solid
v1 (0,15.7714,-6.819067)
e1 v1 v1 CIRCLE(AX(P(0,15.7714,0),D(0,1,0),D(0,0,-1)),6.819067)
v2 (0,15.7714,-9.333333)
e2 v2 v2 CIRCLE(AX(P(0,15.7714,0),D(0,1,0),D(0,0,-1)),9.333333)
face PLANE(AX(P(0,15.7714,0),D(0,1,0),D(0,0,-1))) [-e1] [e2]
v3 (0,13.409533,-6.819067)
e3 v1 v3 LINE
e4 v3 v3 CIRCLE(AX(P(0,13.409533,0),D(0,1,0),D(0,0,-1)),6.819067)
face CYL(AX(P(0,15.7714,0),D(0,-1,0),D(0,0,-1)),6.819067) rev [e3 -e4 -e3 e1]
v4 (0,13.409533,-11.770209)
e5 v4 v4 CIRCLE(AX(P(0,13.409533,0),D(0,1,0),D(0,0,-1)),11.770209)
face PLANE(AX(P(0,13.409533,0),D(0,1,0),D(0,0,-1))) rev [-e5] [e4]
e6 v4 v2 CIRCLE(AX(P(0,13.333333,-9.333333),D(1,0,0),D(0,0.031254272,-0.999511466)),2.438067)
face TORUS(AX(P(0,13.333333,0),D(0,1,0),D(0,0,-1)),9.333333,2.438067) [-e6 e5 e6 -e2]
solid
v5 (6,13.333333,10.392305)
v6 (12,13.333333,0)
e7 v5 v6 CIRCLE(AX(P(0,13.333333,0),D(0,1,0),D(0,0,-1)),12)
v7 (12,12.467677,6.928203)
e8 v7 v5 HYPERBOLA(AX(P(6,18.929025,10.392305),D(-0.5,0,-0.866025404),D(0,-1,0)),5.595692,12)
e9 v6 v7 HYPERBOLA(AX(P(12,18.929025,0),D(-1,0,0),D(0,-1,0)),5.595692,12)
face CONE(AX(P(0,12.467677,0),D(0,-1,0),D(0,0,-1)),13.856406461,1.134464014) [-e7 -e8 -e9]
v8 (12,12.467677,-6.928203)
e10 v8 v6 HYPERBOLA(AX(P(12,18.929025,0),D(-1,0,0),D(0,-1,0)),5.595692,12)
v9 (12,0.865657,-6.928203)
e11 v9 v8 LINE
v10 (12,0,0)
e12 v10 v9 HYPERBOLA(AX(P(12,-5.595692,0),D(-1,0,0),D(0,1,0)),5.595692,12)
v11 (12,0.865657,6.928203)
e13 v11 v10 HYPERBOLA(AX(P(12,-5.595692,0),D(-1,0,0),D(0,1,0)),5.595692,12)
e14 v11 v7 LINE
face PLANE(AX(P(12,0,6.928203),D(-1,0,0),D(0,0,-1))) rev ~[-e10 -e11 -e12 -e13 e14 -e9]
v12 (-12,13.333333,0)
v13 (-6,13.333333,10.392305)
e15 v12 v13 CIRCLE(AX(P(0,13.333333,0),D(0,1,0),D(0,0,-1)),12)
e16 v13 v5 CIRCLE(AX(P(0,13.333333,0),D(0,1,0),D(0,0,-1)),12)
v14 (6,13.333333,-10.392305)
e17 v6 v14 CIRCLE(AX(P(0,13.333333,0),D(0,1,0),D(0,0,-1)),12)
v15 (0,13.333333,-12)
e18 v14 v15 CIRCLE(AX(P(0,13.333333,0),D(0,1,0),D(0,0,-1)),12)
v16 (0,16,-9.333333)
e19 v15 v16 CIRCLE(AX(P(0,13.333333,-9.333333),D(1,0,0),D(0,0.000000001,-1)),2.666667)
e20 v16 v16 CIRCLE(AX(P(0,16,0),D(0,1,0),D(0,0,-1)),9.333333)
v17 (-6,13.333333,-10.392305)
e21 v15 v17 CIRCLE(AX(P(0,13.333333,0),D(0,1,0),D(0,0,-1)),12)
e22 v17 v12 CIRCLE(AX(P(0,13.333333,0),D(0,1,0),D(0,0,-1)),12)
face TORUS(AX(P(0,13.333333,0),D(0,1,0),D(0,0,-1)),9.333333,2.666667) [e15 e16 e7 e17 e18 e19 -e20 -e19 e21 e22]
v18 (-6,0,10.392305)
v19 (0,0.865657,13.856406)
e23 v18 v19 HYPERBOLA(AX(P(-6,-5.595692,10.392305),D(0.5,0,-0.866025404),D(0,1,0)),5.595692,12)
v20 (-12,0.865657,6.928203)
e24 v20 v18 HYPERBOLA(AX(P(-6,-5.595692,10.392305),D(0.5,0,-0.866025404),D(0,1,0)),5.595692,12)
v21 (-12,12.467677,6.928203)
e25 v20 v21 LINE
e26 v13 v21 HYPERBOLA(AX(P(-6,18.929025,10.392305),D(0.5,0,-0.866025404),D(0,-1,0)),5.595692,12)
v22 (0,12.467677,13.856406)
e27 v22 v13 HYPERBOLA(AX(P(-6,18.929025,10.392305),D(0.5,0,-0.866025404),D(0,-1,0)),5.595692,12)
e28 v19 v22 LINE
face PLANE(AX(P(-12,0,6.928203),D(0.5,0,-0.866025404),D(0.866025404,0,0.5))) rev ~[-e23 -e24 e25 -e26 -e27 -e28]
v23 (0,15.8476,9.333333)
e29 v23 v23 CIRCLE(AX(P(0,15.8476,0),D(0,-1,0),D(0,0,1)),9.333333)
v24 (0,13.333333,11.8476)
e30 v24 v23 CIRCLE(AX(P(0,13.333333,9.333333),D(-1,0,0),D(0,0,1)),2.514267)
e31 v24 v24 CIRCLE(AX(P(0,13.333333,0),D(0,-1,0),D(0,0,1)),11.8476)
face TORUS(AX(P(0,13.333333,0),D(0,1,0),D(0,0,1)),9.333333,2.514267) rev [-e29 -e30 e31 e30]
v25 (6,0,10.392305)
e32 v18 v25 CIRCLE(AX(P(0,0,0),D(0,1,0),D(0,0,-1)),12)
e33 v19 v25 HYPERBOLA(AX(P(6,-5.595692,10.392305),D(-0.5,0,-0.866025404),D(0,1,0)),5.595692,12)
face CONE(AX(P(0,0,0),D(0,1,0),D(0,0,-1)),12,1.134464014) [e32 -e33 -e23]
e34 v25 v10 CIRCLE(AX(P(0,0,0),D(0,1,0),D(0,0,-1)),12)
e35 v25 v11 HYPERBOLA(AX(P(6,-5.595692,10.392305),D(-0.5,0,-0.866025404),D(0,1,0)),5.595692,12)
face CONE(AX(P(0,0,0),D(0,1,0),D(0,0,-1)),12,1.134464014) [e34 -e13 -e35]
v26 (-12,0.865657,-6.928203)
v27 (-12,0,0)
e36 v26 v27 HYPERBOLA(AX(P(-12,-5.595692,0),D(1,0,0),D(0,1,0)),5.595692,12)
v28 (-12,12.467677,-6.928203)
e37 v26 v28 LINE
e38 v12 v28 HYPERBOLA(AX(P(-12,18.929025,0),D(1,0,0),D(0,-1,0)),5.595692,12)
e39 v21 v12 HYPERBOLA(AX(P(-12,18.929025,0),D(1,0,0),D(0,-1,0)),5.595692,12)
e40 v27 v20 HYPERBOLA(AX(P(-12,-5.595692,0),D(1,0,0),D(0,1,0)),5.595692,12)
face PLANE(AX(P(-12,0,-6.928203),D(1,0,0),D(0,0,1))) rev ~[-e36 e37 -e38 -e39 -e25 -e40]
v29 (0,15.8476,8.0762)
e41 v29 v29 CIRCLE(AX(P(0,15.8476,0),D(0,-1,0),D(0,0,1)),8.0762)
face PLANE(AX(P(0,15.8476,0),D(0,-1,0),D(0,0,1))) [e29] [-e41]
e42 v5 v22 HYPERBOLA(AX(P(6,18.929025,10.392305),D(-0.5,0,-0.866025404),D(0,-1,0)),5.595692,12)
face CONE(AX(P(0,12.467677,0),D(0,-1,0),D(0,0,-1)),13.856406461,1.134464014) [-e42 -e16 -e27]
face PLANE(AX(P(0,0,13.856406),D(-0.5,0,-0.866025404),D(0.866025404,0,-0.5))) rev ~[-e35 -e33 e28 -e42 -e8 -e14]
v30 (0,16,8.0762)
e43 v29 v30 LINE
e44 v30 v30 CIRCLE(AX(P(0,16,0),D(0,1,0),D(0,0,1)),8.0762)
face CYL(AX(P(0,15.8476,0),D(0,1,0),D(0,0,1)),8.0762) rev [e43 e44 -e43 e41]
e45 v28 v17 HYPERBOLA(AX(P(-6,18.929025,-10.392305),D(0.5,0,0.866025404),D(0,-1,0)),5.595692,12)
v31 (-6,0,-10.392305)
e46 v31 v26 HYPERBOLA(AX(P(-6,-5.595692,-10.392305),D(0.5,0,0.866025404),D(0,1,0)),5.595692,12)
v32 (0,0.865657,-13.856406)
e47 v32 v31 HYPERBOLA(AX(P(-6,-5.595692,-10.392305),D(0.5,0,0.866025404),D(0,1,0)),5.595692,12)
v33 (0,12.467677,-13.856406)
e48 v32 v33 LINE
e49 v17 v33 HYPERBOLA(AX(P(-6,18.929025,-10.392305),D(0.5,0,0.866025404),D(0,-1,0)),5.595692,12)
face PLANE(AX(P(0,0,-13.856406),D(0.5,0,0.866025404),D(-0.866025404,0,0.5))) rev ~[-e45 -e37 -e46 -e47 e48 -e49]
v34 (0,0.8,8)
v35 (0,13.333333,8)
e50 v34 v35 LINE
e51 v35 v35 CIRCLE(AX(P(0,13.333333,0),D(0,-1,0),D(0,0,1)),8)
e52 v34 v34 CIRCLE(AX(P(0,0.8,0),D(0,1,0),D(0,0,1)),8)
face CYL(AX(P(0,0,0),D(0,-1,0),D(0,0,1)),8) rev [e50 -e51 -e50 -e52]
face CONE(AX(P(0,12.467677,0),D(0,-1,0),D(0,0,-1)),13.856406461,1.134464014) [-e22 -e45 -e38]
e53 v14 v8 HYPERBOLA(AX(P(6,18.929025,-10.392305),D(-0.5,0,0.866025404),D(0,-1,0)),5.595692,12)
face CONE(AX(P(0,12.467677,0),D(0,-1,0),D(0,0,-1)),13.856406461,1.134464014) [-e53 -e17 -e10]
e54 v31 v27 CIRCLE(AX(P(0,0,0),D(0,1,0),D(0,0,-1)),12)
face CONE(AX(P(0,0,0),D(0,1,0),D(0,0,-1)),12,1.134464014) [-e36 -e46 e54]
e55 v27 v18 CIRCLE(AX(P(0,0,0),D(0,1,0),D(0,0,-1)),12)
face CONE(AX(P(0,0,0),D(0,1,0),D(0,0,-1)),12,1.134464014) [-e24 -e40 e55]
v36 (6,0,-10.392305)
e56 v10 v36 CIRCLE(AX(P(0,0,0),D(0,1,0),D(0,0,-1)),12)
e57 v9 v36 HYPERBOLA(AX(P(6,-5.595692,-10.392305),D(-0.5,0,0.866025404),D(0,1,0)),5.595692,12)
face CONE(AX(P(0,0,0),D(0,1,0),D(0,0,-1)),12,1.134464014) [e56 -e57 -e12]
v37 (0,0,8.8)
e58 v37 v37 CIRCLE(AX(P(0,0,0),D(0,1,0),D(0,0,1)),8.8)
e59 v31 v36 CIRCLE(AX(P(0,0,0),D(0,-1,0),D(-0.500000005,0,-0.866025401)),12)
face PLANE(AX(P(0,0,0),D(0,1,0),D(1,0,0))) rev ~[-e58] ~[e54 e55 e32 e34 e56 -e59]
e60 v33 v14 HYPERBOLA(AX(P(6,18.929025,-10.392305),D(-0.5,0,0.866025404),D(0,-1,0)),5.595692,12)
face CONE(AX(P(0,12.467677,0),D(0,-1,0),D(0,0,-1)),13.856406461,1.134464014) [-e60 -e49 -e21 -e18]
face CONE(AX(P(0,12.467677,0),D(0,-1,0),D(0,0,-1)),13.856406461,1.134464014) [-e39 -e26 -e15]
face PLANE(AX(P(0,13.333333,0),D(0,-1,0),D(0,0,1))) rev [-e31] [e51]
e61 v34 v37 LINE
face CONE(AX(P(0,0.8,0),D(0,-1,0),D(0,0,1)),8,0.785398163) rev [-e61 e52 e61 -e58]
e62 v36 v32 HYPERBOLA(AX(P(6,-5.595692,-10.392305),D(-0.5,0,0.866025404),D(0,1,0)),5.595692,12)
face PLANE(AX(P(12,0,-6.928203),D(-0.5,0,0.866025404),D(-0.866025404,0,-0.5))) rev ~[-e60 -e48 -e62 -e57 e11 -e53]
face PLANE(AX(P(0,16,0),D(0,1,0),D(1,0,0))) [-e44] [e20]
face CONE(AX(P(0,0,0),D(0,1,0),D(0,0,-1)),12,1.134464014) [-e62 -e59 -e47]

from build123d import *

# Parameters (mm, degrees)
SKETCH1_R      = 8
EXTRUDE1_DEPTH = 16
CHAMFER1_SIZE  = 0.8


with BuildPart() as part:
    # Sketch1 → Extrude1 (new body)
    with BuildSketch(Plane(origin=(0, 0, 0), x_dir=(1, 0, 0), z_dir=(0, 1, 0))):
        Polygon((0, 13.856406461), (-12, 6.92820323), (-12, -6.92820323), (0, -13.856406461), (12, -6.92820323), (12, 6.92820323), align=None)
        Circle(SKETCH1_R, mode=Mode.SUBTRACT)
    extrude(amount=EXTRUDE1_DEPTH)

    # Chamfer1
    chamfer1_edges = [part.edges().sort_by_distance(p)[0] for p in [
        (-8, 0, 0),
    ]]
    chamfer(chamfer1_edges, length=CHAMFER1_SIZE)

    # Sketch5 → Cut-Revolve3 (revolve, cut)
    with BuildSketch(Plane(origin=(0, 0, 0), x_dir=(0, 0, -1), z_dir=(1, 0, 0))):
        with BuildLine():
            Line((0, 0), (12, 0))
            Line((12, 0), (13.856406461, 0.865656549))
            Line((13.856406461, 0.865656549), (13.856406461, 12.467676784))
            Line((13.856406461, 12.467676784), (12, 13.333333333))
            ThreePointArc((12, 13.333333333), (11.218951416, 15.218951416), (9.333333333, 16))
            Line((9.333333333, 16), (9.333333333, 17.27))
            Line((9.333333333, 17.27), (15.126406461, 17.27))
            Line((15.126406461, 17.27), (15.126406461, -1.27))
            Line((15.126406461, -1.27), (0, -1.27))
            Line((0, -1.27), (0, 0))
        make_face()
    revolve(axis=Axis((0, 0, 0), (0, 1, 0)), mode=Mode.SUBTRACT)

    # Sketch6 → Cut-Revolve4 (revolve, cut)
    with BuildSketch(Plane(origin=(0, 0, 0), x_dir=(0, 0, -1), z_dir=(1, 0, 0))):
        with BuildLine():
            Line((0, 13.333333333), (11.8476, 13.333333333))
            ThreePointArc((11.8476, 13.333333333), (11.111188343, 15.111188343), (9.333333333, 15.8476))
            Line((9.333333333, 15.8476), (8.0762, 15.8476))
            Line((8.0762, 15.8476), (8.0762, 17.27))
            Line((8.0762, 17.27), (0, 17.27))
            Line((0, 17.27), (0, 13.333333333))
        make_face()
    revolve(axis=Axis((0, 17.27, 0), (0, -1, 0)), mode=Mode.SUBTRACT)


with BuildPart() as body_2:
    # Sketch7 → Revolve2 (revolve)
    with BuildSketch(Plane(origin=(0, 0, 0), x_dir=(0, 0, -1), z_dir=(1, 0, 0))):
        with BuildLine():
            Line((6.819066667, 13.409533333), (11.770208921, 13.409533333))
            ThreePointArc((11.770208921, 13.409533333), (11.030152179, 15.084040298), (9.333333333, 15.7714))
            Line((9.333333333, 15.7714), (6.819066667, 15.7714))
            Line((6.819066667, 15.7714), (6.819066667, 13.409533333))
        make_face()
    revolve(axis=Axis((0, 13.409533333, 0), (0, 1, 0)))


solid = Compound([part.part, body_2.part])
